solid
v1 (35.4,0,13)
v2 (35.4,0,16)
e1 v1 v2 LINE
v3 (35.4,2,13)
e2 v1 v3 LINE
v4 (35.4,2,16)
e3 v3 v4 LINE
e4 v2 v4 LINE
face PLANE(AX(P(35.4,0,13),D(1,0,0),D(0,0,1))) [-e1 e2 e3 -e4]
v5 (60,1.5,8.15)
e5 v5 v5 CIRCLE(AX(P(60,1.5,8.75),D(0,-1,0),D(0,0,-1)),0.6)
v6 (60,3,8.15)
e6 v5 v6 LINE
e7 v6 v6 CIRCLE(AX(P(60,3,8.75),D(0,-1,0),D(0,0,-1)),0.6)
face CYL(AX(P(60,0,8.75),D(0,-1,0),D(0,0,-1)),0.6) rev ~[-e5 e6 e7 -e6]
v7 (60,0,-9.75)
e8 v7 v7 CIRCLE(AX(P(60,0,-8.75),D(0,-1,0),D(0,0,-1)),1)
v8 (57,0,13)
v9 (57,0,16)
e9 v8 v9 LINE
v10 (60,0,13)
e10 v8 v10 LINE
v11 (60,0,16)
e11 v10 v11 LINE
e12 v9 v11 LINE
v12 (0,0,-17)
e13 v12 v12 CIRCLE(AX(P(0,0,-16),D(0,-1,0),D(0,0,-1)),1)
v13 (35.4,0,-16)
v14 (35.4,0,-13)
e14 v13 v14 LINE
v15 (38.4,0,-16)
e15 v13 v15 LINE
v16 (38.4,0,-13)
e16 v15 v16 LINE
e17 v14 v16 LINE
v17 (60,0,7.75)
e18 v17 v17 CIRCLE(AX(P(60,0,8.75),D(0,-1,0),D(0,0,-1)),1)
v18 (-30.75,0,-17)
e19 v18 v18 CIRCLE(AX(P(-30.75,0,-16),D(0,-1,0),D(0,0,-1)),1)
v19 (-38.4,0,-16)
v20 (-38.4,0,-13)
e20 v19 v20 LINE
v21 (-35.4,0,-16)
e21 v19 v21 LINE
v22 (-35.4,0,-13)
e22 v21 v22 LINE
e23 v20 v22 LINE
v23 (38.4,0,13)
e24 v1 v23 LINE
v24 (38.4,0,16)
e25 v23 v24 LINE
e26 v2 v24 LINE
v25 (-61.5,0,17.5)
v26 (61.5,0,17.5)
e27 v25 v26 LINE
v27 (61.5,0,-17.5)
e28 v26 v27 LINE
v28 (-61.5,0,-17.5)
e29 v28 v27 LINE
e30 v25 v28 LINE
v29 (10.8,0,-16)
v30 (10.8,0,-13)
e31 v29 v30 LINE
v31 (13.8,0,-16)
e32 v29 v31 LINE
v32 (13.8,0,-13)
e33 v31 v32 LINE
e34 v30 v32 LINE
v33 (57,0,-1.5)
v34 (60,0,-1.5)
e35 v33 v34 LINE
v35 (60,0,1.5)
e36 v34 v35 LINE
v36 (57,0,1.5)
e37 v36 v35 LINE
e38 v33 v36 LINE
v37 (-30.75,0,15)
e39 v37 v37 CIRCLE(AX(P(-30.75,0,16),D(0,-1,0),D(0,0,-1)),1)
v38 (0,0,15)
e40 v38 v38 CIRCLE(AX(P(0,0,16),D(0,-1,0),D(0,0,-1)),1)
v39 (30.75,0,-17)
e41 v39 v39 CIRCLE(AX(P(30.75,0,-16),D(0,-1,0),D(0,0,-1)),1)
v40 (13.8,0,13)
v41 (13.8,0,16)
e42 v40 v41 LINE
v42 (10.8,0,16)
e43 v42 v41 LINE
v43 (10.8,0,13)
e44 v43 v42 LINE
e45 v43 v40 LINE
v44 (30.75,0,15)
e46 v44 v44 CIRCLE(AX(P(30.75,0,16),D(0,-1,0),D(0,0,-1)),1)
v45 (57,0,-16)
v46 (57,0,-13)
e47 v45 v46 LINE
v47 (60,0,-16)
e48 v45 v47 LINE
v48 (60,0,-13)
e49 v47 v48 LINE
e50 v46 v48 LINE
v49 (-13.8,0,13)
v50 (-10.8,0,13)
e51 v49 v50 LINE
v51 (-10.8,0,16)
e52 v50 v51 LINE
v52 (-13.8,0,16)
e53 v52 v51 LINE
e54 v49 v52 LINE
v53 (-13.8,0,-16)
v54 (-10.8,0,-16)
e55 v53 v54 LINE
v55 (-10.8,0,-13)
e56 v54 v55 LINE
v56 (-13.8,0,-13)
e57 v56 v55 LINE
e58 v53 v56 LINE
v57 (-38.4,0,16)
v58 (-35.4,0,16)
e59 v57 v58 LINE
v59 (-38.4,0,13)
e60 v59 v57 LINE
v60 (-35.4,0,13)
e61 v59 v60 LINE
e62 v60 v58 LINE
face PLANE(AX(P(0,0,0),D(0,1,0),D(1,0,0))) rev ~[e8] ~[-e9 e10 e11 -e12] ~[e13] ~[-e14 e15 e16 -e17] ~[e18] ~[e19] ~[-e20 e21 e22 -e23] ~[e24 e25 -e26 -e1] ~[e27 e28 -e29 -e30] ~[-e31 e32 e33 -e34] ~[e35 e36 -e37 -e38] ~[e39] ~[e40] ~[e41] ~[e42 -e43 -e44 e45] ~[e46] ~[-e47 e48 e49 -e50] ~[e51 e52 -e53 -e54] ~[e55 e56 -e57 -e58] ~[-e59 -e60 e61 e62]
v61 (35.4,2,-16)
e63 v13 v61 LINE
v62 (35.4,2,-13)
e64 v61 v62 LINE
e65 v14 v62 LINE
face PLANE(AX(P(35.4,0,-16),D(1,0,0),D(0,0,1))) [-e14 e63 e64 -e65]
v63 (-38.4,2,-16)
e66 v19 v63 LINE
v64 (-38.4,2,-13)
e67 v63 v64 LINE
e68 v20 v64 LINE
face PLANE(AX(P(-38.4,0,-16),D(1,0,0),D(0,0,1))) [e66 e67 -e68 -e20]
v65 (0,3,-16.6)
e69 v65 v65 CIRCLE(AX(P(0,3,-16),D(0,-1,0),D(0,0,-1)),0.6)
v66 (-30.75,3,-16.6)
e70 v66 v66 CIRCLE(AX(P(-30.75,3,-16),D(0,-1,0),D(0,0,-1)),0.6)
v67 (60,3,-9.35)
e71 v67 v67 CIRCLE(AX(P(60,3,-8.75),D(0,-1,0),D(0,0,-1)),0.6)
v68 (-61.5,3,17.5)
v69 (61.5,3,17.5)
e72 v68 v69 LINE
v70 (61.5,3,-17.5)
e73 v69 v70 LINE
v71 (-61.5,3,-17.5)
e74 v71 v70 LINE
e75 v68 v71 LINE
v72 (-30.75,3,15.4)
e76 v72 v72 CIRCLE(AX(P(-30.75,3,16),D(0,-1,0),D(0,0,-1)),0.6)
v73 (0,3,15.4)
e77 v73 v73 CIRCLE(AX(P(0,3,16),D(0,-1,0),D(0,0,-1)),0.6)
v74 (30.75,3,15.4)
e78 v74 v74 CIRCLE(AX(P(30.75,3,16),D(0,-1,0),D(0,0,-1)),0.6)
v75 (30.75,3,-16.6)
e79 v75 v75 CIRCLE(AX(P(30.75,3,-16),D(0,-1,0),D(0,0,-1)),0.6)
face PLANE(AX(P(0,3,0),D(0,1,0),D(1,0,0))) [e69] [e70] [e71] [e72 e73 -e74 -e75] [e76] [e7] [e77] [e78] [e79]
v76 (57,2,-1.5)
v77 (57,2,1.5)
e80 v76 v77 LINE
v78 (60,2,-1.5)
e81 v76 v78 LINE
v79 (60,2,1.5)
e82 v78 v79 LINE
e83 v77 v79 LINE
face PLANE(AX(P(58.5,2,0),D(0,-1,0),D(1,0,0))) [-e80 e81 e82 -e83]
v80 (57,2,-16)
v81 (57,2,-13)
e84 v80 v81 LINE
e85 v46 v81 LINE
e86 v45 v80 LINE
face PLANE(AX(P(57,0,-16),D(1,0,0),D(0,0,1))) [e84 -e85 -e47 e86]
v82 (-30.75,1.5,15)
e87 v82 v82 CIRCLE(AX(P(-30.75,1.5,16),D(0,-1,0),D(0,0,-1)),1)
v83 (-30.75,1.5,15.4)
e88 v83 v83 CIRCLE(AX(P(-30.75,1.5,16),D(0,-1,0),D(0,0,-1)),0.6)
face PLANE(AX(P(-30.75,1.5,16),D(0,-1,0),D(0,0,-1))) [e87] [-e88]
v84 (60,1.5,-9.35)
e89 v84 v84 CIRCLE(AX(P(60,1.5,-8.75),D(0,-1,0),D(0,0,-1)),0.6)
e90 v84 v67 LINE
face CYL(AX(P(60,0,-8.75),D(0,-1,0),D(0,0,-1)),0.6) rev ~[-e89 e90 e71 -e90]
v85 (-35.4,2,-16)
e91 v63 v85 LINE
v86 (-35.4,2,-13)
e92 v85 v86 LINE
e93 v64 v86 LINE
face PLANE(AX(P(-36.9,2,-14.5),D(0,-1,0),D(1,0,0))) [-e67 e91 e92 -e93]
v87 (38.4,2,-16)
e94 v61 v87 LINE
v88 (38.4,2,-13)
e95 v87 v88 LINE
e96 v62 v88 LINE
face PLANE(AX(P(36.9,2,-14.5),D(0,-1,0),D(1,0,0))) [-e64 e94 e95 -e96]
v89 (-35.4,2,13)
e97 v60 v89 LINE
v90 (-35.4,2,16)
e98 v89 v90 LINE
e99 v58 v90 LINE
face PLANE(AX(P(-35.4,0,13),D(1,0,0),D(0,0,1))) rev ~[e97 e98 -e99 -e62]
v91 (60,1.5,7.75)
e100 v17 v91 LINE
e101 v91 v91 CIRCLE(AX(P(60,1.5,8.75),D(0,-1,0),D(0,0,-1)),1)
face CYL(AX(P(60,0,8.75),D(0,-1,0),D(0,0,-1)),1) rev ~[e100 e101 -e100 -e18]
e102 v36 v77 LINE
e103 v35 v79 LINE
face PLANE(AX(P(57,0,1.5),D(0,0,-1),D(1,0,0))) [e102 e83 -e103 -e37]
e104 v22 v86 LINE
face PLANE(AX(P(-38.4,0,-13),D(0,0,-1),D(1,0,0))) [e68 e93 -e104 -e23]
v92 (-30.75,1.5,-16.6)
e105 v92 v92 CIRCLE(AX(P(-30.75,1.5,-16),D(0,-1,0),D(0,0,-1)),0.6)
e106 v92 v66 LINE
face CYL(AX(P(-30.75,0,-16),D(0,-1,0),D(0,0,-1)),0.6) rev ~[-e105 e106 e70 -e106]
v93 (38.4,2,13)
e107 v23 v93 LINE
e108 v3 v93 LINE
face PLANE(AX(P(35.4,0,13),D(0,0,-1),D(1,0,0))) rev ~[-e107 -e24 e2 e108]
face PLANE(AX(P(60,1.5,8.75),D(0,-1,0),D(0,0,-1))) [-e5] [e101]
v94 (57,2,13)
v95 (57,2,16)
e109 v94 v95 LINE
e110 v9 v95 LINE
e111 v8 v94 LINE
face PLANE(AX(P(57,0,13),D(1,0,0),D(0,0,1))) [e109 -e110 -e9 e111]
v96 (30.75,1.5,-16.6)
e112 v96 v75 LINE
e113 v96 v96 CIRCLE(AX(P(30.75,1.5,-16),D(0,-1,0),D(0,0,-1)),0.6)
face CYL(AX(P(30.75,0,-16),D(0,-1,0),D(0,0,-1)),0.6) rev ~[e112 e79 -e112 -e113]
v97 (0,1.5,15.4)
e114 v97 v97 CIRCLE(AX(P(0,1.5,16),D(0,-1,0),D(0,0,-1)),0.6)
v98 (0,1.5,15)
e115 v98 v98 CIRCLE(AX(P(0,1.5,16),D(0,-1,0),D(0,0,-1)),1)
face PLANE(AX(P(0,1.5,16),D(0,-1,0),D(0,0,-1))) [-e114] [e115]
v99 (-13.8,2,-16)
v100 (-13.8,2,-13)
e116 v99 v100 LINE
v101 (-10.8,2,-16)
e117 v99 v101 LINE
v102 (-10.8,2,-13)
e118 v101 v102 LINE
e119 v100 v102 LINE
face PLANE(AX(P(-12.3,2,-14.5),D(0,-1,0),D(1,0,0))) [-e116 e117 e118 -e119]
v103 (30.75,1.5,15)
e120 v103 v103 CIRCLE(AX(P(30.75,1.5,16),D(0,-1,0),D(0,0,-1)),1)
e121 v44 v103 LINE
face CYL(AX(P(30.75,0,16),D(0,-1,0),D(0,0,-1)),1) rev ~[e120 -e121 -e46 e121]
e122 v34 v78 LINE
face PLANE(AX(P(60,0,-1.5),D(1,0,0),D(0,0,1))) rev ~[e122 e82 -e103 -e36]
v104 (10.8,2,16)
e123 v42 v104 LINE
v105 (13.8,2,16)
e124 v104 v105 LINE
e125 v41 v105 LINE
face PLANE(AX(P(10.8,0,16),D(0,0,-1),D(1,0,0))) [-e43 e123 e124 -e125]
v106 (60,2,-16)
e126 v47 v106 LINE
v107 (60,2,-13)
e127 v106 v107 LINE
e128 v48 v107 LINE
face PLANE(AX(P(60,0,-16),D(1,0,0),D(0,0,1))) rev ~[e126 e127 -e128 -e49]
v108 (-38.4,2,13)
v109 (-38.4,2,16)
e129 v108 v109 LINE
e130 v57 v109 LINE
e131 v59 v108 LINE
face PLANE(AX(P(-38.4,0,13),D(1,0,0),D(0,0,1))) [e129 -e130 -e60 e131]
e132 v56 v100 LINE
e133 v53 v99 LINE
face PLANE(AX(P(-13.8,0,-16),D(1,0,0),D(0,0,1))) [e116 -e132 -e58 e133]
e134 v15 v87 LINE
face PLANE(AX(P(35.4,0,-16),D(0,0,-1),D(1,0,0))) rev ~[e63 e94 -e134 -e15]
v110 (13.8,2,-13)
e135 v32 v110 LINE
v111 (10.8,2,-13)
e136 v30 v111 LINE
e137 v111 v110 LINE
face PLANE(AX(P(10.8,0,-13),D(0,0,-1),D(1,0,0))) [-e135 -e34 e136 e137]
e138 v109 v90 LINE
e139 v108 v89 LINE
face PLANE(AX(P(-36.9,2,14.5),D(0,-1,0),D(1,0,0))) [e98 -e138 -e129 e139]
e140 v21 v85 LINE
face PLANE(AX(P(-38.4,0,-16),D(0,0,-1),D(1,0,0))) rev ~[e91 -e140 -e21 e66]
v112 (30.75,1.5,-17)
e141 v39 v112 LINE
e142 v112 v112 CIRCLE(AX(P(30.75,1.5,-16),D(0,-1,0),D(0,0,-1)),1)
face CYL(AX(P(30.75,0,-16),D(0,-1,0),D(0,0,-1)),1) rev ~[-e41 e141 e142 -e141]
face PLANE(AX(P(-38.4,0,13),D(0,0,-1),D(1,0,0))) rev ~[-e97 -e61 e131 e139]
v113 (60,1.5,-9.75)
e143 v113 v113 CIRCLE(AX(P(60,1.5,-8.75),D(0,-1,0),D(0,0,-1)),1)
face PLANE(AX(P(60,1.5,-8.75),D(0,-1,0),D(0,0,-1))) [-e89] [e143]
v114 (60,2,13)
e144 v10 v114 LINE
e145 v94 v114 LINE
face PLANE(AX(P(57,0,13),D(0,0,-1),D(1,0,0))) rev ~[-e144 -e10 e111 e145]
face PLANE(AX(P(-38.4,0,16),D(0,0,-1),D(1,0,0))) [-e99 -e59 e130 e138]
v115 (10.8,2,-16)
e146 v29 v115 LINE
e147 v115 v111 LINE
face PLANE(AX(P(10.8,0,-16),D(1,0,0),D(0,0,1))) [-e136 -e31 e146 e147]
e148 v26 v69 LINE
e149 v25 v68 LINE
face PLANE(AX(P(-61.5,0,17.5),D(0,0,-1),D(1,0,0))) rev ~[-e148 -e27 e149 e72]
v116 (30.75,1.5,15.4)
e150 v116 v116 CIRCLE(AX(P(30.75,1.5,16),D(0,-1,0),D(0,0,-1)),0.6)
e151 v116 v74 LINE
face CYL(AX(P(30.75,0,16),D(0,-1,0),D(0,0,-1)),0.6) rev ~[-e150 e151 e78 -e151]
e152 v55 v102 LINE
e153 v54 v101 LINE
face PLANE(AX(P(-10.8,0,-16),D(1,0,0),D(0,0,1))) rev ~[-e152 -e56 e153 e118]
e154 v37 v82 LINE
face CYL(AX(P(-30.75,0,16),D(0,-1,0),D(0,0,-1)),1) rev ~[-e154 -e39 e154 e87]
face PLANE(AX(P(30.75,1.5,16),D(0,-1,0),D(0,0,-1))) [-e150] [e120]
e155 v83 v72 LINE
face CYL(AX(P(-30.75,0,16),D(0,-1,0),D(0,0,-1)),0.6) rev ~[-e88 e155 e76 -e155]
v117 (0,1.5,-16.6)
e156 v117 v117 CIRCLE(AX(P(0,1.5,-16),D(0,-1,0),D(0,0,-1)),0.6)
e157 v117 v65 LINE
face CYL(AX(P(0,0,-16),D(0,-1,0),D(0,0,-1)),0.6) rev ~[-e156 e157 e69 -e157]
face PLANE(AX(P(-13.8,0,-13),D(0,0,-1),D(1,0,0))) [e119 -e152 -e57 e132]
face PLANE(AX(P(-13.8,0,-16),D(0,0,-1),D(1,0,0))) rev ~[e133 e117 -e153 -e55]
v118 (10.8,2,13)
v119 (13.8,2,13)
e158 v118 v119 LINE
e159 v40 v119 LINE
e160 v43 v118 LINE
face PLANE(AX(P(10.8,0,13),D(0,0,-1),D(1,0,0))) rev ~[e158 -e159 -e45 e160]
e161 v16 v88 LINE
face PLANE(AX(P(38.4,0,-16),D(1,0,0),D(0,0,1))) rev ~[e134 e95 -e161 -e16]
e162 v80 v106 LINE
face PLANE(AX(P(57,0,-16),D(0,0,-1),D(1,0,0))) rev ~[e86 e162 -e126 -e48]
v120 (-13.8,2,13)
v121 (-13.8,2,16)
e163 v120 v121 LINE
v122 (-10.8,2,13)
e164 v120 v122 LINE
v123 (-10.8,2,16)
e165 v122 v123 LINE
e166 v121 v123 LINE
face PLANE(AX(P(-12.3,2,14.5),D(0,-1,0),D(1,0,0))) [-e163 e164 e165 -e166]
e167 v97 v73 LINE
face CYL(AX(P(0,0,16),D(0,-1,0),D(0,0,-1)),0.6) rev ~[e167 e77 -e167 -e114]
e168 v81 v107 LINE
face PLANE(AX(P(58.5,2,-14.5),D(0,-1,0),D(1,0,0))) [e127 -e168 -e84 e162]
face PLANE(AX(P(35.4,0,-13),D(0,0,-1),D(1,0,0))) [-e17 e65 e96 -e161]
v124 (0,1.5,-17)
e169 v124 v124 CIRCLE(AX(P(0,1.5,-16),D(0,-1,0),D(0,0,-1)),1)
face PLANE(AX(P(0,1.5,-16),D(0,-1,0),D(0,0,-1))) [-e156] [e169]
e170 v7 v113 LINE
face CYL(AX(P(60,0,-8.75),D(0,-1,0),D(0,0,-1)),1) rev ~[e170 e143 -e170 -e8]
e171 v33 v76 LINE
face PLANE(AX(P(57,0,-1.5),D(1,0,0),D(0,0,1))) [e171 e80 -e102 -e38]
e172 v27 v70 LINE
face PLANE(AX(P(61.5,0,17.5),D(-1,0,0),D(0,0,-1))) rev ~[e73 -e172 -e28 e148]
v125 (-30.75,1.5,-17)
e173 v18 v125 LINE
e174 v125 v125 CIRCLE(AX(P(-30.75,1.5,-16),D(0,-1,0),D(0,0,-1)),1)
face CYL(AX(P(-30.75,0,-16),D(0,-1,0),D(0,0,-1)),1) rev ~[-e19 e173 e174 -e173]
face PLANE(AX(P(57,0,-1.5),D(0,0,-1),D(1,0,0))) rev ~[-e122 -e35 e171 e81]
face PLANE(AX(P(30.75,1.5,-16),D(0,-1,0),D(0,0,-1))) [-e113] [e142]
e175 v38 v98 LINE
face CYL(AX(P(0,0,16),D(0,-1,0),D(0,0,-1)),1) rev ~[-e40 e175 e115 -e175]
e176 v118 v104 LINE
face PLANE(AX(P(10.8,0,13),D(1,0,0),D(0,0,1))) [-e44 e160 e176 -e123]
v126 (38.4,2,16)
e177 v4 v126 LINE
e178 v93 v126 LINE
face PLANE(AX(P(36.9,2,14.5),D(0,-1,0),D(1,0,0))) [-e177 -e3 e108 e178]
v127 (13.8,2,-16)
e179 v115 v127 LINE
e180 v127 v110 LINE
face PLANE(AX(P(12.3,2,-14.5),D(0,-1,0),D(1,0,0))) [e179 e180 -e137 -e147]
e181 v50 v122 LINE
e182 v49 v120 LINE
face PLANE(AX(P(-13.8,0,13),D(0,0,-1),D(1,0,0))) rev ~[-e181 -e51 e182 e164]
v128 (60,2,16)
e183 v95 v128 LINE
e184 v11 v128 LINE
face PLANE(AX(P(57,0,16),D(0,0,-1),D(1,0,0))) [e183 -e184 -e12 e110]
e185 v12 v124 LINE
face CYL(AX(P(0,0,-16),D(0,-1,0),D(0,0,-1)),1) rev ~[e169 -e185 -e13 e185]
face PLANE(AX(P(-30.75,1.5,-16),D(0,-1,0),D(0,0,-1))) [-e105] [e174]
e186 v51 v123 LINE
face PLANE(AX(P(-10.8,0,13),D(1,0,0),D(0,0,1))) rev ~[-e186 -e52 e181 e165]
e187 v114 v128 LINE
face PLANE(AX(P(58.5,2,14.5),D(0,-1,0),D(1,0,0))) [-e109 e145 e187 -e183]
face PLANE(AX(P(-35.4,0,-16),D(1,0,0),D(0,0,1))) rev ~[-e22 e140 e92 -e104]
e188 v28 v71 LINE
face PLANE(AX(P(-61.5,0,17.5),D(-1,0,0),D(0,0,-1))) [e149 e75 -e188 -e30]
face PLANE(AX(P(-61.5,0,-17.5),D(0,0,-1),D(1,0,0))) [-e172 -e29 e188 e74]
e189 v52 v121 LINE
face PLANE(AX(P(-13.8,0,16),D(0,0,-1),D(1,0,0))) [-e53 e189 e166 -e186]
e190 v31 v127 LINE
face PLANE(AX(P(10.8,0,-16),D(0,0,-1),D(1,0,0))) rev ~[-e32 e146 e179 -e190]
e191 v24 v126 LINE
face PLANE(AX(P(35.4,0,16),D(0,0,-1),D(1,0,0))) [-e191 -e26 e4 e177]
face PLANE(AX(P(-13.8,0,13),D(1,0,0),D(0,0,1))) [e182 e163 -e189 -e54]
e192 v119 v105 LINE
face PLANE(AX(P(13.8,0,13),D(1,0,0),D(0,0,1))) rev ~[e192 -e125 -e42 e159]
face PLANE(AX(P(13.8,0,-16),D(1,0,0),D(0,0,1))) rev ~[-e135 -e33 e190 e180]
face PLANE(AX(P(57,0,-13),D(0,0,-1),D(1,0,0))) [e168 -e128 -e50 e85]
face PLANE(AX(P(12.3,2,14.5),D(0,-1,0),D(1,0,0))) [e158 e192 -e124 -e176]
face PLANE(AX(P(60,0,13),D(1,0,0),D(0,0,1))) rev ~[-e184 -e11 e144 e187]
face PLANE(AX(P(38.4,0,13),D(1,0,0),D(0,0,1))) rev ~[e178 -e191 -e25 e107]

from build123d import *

# Parameters (mm, degrees)
SKETCH_1_W          = 123
SKETCH_1_H          = 35
EXTRUDE_1_DEPTH     = 3
SKETCH_2_R          = 0.6
CUT_EXTRUDE_1_DEPTH = 65.011717677
SKETCH_2_3_R        = 1
CUT_EXTRUDE_2_DEPTH = 1.5
SKETCH_3_W          = 3
SKETCH_3_H          = 3
CUT_EXTRUDE_3_DEPTH = 2


with BuildPart() as part:
    # 草图1 → 凸台-拉伸1 (new body)
    with BuildSketch(Plane(origin=(0, 0, 0), x_dir=(1, 0, 0), z_dir=(0, 1, 0))):
        Rectangle(SKETCH_1_W, SKETCH_1_H)
    extrude(amount=EXTRUDE_1_DEPTH)

    # 草图2 → 切除-拉伸1 (cut, through all)
    with BuildSketch(Plane.XZ):
        with Locations((-30.75, 16)):
            Circle(SKETCH_2_R)
        with Locations((30.75, 16)):
            Circle(SKETCH_2_R)
        with Locations((-30.75, -16)):
            Circle(SKETCH_2_R)
        with Locations((30.75, -16)):
            Circle(SKETCH_2_R)
        with Locations((0, 16)):
            Circle(SKETCH_2_R)
        with Locations((0, -16)):
            Circle(SKETCH_2_R)
        with Locations((60, 8.75)):
            Circle(SKETCH_2_R)
        with Locations((60, -8.75)):
            Circle(SKETCH_2_R)
    extrude(amount=-CUT_EXTRUDE_1_DEPTH, mode=Mode.SUBTRACT)

    # 草图2<3> → 切除-拉伸2 (cut)
    with BuildSketch(Plane.XZ):
        with Locations((-30.75, 16)):
            Circle(SKETCH_2_3_R)
        with Locations((30.75, 16)):
            Circle(SKETCH_2_3_R)
        with Locations((-30.75, -16)):
            Circle(SKETCH_2_3_R)
        with Locations((30.75, -16)):
            Circle(SKETCH_2_3_R)
        with Locations((0, 16)):
            Circle(SKETCH_2_3_R)
        with Locations((0, -16)):
            Circle(SKETCH_2_3_R)
        with Locations((60, 8.75)):
            Circle(SKETCH_2_3_R)
        with Locations((60, -8.75)):
            Circle(SKETCH_2_3_R)
    extrude(amount=-CUT_EXTRUDE_2_DEPTH, mode=Mode.SUBTRACT)

    # 草图3 → 切除-拉伸3 (cut)
    with BuildSketch(Plane.XZ):
        with Locations((58.5, -14.5)):
            Rectangle(SKETCH_3_W, SKETCH_3_H)
        with Locations((58.5, 14.5)):
            Rectangle(SKETCH_3_W, SKETCH_3_H)
        with Locations((58.5, 0)):
            Rectangle(SKETCH_3_W, SKETCH_3_H)
        with Locations((36.9, 14.5)):
            Rectangle(SKETCH_3_W, SKETCH_3_H)
        with Locations((12.3, 14.5)):
            Rectangle(SKETCH_3_W, SKETCH_3_H)
        with Locations((-12.3, 14.5)):
            Rectangle(SKETCH_3_W, SKETCH_3_H)
        with Locations((-36.9, 14.5)):
            Rectangle(SKETCH_3_W, SKETCH_3_H)
        with Locations((36.9, -14.5)):
            Rectangle(SKETCH_3_W, SKETCH_3_H)
        with Locations((36.896881316, -95.946698649)):
            Rectangle(SKETCH_3_W, SKETCH_3_H)
        with Locations((12.3, -14.5)):
            Rectangle(SKETCH_3_W, SKETCH_3_H)
        with Locations((-12.3, -14.5)):
            Rectangle(SKETCH_3_W, SKETCH_3_H)
        with Locations((-36.9, -14.5)):
            Rectangle(SKETCH_3_W, SKETCH_3_H)
    extrude(amount=-CUT_EXTRUDE_3_DEPTH, mode=Mode.SUBTRACT)


solid = part.part
